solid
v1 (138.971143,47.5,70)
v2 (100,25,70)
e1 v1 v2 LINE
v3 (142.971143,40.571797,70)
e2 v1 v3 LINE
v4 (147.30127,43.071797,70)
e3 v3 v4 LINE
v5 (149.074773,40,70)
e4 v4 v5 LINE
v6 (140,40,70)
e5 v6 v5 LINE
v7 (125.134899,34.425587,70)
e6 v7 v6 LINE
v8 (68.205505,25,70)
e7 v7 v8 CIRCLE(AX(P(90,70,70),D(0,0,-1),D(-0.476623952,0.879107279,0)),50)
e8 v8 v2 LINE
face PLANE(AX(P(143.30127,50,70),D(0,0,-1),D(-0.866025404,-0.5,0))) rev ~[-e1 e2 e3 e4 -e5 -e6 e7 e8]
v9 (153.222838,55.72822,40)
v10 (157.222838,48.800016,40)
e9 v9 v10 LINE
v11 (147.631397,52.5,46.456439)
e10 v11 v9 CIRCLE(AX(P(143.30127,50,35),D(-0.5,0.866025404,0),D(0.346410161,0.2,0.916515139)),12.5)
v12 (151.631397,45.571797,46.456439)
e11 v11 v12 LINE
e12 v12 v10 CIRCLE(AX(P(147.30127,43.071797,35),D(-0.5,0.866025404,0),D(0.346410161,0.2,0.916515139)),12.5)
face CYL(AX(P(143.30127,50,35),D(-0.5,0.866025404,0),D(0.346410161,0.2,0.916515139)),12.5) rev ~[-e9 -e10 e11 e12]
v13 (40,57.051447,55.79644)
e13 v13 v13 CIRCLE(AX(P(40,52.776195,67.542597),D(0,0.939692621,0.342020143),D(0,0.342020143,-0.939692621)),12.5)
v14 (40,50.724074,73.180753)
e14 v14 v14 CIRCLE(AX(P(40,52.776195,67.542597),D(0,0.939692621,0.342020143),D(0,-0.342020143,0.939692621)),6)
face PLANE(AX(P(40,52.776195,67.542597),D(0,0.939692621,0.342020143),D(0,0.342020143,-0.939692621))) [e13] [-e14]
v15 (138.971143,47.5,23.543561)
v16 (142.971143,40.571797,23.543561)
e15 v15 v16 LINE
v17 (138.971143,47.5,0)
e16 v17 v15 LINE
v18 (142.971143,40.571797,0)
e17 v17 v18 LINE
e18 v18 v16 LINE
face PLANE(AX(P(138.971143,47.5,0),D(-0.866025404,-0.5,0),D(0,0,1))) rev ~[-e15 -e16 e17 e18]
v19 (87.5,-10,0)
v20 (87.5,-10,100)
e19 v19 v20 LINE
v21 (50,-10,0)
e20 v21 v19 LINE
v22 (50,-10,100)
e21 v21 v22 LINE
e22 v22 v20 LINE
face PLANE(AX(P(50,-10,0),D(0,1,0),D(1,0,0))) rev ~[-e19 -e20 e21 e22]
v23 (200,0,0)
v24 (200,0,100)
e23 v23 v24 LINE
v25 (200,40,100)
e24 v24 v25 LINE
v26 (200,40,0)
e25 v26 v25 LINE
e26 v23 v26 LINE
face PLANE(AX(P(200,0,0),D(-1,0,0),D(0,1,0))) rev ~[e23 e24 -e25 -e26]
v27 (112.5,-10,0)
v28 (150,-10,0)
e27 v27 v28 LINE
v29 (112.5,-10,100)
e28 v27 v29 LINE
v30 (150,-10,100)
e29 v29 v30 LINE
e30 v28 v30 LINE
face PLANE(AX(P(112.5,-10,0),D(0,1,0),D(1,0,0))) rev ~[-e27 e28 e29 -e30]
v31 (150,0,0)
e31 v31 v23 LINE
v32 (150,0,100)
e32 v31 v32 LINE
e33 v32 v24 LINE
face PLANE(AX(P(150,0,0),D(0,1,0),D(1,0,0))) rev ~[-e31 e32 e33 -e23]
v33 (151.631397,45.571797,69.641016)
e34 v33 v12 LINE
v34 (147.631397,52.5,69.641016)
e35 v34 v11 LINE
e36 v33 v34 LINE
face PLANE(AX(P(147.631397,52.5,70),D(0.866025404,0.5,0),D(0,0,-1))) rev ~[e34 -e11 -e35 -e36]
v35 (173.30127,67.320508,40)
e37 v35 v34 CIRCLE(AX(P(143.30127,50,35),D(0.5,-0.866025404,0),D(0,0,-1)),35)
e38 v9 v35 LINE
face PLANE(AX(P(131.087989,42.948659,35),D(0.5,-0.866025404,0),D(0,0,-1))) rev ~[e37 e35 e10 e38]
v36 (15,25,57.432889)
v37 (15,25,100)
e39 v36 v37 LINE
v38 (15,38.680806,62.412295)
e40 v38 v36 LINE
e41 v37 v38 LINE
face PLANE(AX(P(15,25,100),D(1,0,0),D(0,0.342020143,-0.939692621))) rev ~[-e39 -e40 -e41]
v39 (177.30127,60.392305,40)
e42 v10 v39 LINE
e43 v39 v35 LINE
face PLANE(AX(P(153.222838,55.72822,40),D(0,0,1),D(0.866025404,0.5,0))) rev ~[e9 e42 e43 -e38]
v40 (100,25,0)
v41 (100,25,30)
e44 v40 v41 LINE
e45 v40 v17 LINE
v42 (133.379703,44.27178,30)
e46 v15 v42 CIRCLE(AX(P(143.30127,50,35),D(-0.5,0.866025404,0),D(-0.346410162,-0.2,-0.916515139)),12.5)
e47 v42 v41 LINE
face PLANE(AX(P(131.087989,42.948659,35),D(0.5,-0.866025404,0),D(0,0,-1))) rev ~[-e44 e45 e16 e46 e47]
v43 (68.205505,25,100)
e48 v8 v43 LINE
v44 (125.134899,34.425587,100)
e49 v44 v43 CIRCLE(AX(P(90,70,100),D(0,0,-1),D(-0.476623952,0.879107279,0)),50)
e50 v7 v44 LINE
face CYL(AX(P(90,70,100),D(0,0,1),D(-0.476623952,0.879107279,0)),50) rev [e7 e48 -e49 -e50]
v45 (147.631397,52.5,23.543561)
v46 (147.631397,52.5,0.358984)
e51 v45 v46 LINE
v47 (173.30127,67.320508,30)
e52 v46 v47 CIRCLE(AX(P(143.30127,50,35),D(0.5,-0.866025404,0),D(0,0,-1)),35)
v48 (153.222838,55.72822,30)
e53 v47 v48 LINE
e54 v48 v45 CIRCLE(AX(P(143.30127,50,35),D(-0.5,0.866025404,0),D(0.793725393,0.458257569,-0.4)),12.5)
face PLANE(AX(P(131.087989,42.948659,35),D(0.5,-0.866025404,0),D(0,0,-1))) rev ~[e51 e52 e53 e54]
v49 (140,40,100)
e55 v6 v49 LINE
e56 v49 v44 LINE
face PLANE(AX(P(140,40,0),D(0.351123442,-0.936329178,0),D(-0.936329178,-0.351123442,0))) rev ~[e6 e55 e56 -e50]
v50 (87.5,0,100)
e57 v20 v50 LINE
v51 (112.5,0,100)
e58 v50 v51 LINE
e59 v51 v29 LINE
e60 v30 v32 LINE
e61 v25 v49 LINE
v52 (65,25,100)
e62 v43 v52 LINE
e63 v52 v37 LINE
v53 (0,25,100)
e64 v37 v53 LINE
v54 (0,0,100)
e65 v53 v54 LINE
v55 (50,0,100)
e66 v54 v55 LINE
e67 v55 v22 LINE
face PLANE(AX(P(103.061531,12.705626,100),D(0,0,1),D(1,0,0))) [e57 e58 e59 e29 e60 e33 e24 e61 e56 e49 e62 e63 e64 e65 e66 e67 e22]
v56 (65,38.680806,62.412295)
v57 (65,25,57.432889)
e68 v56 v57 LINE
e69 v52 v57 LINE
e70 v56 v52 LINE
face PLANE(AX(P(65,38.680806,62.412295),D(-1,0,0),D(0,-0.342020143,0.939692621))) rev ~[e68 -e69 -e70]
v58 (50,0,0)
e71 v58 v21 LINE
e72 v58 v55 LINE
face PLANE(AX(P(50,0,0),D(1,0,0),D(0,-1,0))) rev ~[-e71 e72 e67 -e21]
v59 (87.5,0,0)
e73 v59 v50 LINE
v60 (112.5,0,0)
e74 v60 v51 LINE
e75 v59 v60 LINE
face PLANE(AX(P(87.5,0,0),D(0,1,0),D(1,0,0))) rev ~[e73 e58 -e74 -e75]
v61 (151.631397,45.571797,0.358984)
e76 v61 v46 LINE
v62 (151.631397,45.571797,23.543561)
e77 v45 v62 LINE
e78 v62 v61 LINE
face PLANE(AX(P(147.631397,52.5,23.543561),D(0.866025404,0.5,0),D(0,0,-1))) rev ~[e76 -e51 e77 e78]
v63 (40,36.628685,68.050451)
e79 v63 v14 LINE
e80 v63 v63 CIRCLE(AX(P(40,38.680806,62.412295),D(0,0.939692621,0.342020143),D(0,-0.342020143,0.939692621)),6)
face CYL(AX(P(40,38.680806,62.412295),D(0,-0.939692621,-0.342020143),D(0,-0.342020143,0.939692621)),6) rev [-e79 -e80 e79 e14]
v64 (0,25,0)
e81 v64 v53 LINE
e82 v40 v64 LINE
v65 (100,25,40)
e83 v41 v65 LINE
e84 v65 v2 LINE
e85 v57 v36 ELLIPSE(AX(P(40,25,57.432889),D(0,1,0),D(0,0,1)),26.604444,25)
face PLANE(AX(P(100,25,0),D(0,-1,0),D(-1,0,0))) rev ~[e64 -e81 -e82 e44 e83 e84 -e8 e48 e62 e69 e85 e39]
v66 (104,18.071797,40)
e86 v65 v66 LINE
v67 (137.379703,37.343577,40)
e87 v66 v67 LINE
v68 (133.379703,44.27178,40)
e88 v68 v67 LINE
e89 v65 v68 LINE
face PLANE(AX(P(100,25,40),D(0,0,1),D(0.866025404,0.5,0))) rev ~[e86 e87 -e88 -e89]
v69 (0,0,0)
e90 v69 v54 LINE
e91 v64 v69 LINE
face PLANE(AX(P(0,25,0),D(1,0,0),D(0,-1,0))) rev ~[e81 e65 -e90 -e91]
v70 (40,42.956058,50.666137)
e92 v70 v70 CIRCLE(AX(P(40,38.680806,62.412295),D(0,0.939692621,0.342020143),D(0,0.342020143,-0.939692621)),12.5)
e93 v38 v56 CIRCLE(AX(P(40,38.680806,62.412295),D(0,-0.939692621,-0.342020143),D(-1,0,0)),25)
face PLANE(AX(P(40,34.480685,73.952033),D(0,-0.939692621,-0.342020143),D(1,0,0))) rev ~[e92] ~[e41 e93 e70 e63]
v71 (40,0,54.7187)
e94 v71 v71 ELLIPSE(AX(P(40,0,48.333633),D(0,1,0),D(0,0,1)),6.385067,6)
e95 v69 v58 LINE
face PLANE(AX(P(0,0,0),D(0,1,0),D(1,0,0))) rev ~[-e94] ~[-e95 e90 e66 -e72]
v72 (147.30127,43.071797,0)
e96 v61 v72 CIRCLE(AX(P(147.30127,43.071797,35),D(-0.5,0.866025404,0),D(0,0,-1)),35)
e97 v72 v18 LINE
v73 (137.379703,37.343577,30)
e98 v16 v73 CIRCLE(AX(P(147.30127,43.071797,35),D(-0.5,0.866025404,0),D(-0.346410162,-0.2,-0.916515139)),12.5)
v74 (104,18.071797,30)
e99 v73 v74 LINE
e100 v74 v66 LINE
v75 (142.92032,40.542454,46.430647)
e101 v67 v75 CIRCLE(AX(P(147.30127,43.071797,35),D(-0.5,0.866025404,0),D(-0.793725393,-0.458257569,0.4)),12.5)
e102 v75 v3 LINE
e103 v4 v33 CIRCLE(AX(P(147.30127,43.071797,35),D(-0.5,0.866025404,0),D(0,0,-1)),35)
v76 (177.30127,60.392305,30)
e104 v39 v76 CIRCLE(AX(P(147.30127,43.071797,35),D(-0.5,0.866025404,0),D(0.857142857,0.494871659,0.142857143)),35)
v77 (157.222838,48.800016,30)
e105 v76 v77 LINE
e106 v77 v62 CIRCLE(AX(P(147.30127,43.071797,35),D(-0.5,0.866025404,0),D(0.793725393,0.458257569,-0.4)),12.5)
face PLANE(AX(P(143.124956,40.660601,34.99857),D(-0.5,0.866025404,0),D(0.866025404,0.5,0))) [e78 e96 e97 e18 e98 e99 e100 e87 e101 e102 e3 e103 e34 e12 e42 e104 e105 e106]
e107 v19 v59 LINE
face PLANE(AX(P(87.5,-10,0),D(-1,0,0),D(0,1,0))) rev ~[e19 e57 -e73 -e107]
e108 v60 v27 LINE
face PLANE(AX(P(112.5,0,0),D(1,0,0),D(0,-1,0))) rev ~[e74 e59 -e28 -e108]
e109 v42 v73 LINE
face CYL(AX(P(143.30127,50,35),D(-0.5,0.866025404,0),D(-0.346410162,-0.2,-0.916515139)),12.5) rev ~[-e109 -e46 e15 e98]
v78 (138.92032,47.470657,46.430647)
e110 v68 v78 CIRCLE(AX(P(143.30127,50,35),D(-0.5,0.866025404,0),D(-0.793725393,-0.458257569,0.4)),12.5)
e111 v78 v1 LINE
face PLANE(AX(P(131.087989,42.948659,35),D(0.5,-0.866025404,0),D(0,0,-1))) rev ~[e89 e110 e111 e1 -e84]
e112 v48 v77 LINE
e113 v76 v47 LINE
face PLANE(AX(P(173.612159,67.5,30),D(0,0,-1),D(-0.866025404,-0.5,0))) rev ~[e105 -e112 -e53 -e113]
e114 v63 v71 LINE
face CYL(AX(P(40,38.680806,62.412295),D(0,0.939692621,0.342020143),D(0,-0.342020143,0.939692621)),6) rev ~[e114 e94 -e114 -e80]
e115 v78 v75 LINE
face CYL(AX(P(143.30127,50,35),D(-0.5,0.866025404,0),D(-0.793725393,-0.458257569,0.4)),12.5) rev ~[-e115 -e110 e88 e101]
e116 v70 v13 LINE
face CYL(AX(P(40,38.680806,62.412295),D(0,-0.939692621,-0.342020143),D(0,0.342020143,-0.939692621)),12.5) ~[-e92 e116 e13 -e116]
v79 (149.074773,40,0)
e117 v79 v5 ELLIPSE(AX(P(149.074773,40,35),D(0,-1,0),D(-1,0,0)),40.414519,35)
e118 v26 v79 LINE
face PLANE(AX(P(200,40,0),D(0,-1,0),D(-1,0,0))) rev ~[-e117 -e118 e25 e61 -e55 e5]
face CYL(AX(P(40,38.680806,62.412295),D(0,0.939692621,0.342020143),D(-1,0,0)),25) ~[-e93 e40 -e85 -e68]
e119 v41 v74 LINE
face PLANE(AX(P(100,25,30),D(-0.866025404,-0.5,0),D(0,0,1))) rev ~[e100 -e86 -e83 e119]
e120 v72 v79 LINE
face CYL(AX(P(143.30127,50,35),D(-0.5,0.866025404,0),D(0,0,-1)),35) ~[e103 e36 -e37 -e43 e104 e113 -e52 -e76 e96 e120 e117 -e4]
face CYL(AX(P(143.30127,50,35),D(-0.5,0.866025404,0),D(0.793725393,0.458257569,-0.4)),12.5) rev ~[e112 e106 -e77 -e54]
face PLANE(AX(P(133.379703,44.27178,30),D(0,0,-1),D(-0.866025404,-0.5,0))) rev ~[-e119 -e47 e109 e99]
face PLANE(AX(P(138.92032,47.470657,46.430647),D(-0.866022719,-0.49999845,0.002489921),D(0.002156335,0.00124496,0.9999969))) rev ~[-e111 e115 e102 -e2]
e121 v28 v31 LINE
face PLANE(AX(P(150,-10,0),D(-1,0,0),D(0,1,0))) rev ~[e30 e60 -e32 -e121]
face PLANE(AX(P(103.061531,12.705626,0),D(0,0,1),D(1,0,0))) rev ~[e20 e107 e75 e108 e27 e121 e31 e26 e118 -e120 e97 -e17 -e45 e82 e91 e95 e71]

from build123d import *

# Parameters (mm, degrees)
BOSS_EXTRUDE3_DEPTH = 100
BOSS_EXTRUDE4_REACH = 226.87
SKETCH5_4_R         = 12.5
SKETCH5_4_R_2       = 6
BOSS_EXTRUDE5_DEPTH = 15
SKETCH7_R           = 6
CUT_EXTRUDE1_DEPTH  = 225.869761917
BOSS_EXTRUDE7_DEPTH = 35
CUT_EXTRUDE2_DEPTH  = 8
CUT_EXTRUDE3_DEPTH  = 30


with BuildPart() as part:
    # Sketch4 → Boss-Extrude3 (new body)
    with BuildSketch(Plane.XY):
        Polygon((0, 0), (50, 0), (50, -10), (87.5, -10), (87.5, 0), (112.5, 0), (112.5, -10), (150, -10), (150, 0), (200, 0), (200, 40), (140, 40), (100, 25), (0, 25), align=None)
    extrude(amount=BOSS_EXTRUDE3_DEPTH)

    # Boss-Extrude4: up to this face of the body (flat: up to its plane)
    boss_extrude4_end = Plane(part.part.faces().sort_by_distance((50, 25, 50))[0])
    # Sketch5 → Boss-Extrude4 (add, up to the picked face)
    with BuildSketch(Plane(origin=(0, 54.214936023, 19.732622965), x_dir=(-1, 0, 0), z_dir=(0, 0.9396926207859081, 0.34202014332566943)), mode=Mode.PRIVATE) as boss_extrude4_sk1:
        with BuildLine():
            Line((-15, 85.418758495), (-15, 45.418758495))
            ThreePointArc((-15, 45.418758495), (-40, 20.418758495), (-65, 45.418758495))
            Line((-65, 45.418758495), (-65, 85.418758495))
            Line((-65, 85.418758495), (-15, 85.418758495))
        make_face()
    boss_extrude4_tool1 = split(extrude(boss_extrude4_sk1.sketch, amount=-BOSS_EXTRUDE4_REACH, mode=Mode.PRIVATE), bisect_by=boss_extrude4_end, keep=Keep.BOTH, mode=Mode.PRIVATE)
    add(boss_extrude4_tool1.solids().sort_by(Axis((40, 35.287462, 71.735431), (0, -0.9396926207859081, -0.34202014332566943)))[0])

    # Sketch5<4> → Boss-Extrude5 (add)
    with BuildSketch(Plane(origin=(0, 54.214936023, 19.732622965), x_dir=(-1, 0, 0), z_dir=(0, 0.9396926207859081, 0.34202014332566943))):
        with Locations(Location((-40, 45.418758495, 0), (0, 0, 270))):
            Circle(SKETCH5_4_R)
        with Locations(Location((-40, 45.418758495, 0), (0, 0, 90))):
            Circle(SKETCH5_4_R_2, mode=Mode.SUBTRACT)
    extrude(amount=BOSS_EXTRUDE5_DEPTH)

    # Sketch7 → Cut-Extrude1 (cut, through all)
    with BuildSketch(Plane(origin=(0, 54.214936023, 19.732622965), x_dir=(1, 0, 0), z_dir=(0, 0.9396926207859082, 0.34202014332566943))):
        with Locations(Location((40, -45.418758495, 0), (0, 0, 270))):
            Circle(SKETCH7_R)
    extrude(amount=-CUT_EXTRUDE1_DEPTH, mode=Mode.SUBTRACT)

    # Sketch8 → Boss-Extrude7 (add)
    with BuildSketch(Plane(origin=(14.174682453, -24.551270189, 0), x_dir=(0, 0, -1), z_dir=(0.49999999999999506, -0.8660254037844415, 0))):
        with BuildLine():
            Line((0, 99.102540378), (0, 149.102540378))
            ThreePointArc((0, 149.102540378), (-35, 184.102540378), (-70, 149.102540378))
            Line((-70, 149.102540378), (-70, 99.102540378))
            Line((-70, 99.102540378), (0, 99.102540378))
        make_face()
    extrude(amount=BOSS_EXTRUDE7_DEPTH)

    # Sketch9 → Cut-Extrude2 (cut)
    with BuildSketch(Plane(origin=(14.174682453, -24.551270189, 0), x_dir=(0.8660254037844415, 0.4999999999999951, 0), z_dir=(-0.49999999999999517, 0.8660254037844416, 0))):
        with BuildLine():
            Line((99.102540378, -40), (137.646101141, -40))
            ThreePointArc((137.646101141, -40), (140.241070616, -43.816141653), (144.043854376, -46.430647223))
            Line((144.043854376, -46.430647223), (144.102540378, -70))
            Line((144.102540378, -70), (154.102540378, -70))
            Line((154.102540378, -70), (154.102540378, -46.456439237))
            ThreePointArc((154.102540378, -46.456439237), (157.941375143, -43.838834765), (160.558979616, -40))
            Line((160.558979616, -40), (184.102540378, -40))
            Line((184.102540378, -40), (184.102540378, -30))
            Line((184.102540378, -30), (160.558979616, -30))
            ThreePointArc((160.558979616, -30), (157.941375143, -26.161165235), (154.102540378, -23.543560763))
            Line((154.102540378, -23.543560763), (154.102540378, 0))
            Line((154.102540378, 0), (144.102540378, 0))
            Line((144.102540378, 0), (144.102540378, -23.543560763))
            ThreePointArc((144.102540378, -23.543560763), (140.263705614, -26.161165235), (137.646101141, -30))
            Line((137.646101141, -30), (99.102540378, -30))
            Line((99.102540378, -30), (99.102540378, -40))
        make_face()
    extrude(amount=-CUT_EXTRUDE2_DEPTH, mode=Mode.SUBTRACT)

    # Sketch10 → Cut-Extrude3 (cut)
    with BuildSketch(Plane.XY.offset(100)):
        with BuildLine():
            Line((66.16880238, 26.04463605), (66.16880238, 113.95536395))
            ThreePointArc((66.16880238, 113.95536395), (140, 70), (66.16880238, 26.04463605))
        make_face()
    extrude(amount=-CUT_EXTRUDE3_DEPTH, mode=Mode.SUBTRACT)


solid = part.part
